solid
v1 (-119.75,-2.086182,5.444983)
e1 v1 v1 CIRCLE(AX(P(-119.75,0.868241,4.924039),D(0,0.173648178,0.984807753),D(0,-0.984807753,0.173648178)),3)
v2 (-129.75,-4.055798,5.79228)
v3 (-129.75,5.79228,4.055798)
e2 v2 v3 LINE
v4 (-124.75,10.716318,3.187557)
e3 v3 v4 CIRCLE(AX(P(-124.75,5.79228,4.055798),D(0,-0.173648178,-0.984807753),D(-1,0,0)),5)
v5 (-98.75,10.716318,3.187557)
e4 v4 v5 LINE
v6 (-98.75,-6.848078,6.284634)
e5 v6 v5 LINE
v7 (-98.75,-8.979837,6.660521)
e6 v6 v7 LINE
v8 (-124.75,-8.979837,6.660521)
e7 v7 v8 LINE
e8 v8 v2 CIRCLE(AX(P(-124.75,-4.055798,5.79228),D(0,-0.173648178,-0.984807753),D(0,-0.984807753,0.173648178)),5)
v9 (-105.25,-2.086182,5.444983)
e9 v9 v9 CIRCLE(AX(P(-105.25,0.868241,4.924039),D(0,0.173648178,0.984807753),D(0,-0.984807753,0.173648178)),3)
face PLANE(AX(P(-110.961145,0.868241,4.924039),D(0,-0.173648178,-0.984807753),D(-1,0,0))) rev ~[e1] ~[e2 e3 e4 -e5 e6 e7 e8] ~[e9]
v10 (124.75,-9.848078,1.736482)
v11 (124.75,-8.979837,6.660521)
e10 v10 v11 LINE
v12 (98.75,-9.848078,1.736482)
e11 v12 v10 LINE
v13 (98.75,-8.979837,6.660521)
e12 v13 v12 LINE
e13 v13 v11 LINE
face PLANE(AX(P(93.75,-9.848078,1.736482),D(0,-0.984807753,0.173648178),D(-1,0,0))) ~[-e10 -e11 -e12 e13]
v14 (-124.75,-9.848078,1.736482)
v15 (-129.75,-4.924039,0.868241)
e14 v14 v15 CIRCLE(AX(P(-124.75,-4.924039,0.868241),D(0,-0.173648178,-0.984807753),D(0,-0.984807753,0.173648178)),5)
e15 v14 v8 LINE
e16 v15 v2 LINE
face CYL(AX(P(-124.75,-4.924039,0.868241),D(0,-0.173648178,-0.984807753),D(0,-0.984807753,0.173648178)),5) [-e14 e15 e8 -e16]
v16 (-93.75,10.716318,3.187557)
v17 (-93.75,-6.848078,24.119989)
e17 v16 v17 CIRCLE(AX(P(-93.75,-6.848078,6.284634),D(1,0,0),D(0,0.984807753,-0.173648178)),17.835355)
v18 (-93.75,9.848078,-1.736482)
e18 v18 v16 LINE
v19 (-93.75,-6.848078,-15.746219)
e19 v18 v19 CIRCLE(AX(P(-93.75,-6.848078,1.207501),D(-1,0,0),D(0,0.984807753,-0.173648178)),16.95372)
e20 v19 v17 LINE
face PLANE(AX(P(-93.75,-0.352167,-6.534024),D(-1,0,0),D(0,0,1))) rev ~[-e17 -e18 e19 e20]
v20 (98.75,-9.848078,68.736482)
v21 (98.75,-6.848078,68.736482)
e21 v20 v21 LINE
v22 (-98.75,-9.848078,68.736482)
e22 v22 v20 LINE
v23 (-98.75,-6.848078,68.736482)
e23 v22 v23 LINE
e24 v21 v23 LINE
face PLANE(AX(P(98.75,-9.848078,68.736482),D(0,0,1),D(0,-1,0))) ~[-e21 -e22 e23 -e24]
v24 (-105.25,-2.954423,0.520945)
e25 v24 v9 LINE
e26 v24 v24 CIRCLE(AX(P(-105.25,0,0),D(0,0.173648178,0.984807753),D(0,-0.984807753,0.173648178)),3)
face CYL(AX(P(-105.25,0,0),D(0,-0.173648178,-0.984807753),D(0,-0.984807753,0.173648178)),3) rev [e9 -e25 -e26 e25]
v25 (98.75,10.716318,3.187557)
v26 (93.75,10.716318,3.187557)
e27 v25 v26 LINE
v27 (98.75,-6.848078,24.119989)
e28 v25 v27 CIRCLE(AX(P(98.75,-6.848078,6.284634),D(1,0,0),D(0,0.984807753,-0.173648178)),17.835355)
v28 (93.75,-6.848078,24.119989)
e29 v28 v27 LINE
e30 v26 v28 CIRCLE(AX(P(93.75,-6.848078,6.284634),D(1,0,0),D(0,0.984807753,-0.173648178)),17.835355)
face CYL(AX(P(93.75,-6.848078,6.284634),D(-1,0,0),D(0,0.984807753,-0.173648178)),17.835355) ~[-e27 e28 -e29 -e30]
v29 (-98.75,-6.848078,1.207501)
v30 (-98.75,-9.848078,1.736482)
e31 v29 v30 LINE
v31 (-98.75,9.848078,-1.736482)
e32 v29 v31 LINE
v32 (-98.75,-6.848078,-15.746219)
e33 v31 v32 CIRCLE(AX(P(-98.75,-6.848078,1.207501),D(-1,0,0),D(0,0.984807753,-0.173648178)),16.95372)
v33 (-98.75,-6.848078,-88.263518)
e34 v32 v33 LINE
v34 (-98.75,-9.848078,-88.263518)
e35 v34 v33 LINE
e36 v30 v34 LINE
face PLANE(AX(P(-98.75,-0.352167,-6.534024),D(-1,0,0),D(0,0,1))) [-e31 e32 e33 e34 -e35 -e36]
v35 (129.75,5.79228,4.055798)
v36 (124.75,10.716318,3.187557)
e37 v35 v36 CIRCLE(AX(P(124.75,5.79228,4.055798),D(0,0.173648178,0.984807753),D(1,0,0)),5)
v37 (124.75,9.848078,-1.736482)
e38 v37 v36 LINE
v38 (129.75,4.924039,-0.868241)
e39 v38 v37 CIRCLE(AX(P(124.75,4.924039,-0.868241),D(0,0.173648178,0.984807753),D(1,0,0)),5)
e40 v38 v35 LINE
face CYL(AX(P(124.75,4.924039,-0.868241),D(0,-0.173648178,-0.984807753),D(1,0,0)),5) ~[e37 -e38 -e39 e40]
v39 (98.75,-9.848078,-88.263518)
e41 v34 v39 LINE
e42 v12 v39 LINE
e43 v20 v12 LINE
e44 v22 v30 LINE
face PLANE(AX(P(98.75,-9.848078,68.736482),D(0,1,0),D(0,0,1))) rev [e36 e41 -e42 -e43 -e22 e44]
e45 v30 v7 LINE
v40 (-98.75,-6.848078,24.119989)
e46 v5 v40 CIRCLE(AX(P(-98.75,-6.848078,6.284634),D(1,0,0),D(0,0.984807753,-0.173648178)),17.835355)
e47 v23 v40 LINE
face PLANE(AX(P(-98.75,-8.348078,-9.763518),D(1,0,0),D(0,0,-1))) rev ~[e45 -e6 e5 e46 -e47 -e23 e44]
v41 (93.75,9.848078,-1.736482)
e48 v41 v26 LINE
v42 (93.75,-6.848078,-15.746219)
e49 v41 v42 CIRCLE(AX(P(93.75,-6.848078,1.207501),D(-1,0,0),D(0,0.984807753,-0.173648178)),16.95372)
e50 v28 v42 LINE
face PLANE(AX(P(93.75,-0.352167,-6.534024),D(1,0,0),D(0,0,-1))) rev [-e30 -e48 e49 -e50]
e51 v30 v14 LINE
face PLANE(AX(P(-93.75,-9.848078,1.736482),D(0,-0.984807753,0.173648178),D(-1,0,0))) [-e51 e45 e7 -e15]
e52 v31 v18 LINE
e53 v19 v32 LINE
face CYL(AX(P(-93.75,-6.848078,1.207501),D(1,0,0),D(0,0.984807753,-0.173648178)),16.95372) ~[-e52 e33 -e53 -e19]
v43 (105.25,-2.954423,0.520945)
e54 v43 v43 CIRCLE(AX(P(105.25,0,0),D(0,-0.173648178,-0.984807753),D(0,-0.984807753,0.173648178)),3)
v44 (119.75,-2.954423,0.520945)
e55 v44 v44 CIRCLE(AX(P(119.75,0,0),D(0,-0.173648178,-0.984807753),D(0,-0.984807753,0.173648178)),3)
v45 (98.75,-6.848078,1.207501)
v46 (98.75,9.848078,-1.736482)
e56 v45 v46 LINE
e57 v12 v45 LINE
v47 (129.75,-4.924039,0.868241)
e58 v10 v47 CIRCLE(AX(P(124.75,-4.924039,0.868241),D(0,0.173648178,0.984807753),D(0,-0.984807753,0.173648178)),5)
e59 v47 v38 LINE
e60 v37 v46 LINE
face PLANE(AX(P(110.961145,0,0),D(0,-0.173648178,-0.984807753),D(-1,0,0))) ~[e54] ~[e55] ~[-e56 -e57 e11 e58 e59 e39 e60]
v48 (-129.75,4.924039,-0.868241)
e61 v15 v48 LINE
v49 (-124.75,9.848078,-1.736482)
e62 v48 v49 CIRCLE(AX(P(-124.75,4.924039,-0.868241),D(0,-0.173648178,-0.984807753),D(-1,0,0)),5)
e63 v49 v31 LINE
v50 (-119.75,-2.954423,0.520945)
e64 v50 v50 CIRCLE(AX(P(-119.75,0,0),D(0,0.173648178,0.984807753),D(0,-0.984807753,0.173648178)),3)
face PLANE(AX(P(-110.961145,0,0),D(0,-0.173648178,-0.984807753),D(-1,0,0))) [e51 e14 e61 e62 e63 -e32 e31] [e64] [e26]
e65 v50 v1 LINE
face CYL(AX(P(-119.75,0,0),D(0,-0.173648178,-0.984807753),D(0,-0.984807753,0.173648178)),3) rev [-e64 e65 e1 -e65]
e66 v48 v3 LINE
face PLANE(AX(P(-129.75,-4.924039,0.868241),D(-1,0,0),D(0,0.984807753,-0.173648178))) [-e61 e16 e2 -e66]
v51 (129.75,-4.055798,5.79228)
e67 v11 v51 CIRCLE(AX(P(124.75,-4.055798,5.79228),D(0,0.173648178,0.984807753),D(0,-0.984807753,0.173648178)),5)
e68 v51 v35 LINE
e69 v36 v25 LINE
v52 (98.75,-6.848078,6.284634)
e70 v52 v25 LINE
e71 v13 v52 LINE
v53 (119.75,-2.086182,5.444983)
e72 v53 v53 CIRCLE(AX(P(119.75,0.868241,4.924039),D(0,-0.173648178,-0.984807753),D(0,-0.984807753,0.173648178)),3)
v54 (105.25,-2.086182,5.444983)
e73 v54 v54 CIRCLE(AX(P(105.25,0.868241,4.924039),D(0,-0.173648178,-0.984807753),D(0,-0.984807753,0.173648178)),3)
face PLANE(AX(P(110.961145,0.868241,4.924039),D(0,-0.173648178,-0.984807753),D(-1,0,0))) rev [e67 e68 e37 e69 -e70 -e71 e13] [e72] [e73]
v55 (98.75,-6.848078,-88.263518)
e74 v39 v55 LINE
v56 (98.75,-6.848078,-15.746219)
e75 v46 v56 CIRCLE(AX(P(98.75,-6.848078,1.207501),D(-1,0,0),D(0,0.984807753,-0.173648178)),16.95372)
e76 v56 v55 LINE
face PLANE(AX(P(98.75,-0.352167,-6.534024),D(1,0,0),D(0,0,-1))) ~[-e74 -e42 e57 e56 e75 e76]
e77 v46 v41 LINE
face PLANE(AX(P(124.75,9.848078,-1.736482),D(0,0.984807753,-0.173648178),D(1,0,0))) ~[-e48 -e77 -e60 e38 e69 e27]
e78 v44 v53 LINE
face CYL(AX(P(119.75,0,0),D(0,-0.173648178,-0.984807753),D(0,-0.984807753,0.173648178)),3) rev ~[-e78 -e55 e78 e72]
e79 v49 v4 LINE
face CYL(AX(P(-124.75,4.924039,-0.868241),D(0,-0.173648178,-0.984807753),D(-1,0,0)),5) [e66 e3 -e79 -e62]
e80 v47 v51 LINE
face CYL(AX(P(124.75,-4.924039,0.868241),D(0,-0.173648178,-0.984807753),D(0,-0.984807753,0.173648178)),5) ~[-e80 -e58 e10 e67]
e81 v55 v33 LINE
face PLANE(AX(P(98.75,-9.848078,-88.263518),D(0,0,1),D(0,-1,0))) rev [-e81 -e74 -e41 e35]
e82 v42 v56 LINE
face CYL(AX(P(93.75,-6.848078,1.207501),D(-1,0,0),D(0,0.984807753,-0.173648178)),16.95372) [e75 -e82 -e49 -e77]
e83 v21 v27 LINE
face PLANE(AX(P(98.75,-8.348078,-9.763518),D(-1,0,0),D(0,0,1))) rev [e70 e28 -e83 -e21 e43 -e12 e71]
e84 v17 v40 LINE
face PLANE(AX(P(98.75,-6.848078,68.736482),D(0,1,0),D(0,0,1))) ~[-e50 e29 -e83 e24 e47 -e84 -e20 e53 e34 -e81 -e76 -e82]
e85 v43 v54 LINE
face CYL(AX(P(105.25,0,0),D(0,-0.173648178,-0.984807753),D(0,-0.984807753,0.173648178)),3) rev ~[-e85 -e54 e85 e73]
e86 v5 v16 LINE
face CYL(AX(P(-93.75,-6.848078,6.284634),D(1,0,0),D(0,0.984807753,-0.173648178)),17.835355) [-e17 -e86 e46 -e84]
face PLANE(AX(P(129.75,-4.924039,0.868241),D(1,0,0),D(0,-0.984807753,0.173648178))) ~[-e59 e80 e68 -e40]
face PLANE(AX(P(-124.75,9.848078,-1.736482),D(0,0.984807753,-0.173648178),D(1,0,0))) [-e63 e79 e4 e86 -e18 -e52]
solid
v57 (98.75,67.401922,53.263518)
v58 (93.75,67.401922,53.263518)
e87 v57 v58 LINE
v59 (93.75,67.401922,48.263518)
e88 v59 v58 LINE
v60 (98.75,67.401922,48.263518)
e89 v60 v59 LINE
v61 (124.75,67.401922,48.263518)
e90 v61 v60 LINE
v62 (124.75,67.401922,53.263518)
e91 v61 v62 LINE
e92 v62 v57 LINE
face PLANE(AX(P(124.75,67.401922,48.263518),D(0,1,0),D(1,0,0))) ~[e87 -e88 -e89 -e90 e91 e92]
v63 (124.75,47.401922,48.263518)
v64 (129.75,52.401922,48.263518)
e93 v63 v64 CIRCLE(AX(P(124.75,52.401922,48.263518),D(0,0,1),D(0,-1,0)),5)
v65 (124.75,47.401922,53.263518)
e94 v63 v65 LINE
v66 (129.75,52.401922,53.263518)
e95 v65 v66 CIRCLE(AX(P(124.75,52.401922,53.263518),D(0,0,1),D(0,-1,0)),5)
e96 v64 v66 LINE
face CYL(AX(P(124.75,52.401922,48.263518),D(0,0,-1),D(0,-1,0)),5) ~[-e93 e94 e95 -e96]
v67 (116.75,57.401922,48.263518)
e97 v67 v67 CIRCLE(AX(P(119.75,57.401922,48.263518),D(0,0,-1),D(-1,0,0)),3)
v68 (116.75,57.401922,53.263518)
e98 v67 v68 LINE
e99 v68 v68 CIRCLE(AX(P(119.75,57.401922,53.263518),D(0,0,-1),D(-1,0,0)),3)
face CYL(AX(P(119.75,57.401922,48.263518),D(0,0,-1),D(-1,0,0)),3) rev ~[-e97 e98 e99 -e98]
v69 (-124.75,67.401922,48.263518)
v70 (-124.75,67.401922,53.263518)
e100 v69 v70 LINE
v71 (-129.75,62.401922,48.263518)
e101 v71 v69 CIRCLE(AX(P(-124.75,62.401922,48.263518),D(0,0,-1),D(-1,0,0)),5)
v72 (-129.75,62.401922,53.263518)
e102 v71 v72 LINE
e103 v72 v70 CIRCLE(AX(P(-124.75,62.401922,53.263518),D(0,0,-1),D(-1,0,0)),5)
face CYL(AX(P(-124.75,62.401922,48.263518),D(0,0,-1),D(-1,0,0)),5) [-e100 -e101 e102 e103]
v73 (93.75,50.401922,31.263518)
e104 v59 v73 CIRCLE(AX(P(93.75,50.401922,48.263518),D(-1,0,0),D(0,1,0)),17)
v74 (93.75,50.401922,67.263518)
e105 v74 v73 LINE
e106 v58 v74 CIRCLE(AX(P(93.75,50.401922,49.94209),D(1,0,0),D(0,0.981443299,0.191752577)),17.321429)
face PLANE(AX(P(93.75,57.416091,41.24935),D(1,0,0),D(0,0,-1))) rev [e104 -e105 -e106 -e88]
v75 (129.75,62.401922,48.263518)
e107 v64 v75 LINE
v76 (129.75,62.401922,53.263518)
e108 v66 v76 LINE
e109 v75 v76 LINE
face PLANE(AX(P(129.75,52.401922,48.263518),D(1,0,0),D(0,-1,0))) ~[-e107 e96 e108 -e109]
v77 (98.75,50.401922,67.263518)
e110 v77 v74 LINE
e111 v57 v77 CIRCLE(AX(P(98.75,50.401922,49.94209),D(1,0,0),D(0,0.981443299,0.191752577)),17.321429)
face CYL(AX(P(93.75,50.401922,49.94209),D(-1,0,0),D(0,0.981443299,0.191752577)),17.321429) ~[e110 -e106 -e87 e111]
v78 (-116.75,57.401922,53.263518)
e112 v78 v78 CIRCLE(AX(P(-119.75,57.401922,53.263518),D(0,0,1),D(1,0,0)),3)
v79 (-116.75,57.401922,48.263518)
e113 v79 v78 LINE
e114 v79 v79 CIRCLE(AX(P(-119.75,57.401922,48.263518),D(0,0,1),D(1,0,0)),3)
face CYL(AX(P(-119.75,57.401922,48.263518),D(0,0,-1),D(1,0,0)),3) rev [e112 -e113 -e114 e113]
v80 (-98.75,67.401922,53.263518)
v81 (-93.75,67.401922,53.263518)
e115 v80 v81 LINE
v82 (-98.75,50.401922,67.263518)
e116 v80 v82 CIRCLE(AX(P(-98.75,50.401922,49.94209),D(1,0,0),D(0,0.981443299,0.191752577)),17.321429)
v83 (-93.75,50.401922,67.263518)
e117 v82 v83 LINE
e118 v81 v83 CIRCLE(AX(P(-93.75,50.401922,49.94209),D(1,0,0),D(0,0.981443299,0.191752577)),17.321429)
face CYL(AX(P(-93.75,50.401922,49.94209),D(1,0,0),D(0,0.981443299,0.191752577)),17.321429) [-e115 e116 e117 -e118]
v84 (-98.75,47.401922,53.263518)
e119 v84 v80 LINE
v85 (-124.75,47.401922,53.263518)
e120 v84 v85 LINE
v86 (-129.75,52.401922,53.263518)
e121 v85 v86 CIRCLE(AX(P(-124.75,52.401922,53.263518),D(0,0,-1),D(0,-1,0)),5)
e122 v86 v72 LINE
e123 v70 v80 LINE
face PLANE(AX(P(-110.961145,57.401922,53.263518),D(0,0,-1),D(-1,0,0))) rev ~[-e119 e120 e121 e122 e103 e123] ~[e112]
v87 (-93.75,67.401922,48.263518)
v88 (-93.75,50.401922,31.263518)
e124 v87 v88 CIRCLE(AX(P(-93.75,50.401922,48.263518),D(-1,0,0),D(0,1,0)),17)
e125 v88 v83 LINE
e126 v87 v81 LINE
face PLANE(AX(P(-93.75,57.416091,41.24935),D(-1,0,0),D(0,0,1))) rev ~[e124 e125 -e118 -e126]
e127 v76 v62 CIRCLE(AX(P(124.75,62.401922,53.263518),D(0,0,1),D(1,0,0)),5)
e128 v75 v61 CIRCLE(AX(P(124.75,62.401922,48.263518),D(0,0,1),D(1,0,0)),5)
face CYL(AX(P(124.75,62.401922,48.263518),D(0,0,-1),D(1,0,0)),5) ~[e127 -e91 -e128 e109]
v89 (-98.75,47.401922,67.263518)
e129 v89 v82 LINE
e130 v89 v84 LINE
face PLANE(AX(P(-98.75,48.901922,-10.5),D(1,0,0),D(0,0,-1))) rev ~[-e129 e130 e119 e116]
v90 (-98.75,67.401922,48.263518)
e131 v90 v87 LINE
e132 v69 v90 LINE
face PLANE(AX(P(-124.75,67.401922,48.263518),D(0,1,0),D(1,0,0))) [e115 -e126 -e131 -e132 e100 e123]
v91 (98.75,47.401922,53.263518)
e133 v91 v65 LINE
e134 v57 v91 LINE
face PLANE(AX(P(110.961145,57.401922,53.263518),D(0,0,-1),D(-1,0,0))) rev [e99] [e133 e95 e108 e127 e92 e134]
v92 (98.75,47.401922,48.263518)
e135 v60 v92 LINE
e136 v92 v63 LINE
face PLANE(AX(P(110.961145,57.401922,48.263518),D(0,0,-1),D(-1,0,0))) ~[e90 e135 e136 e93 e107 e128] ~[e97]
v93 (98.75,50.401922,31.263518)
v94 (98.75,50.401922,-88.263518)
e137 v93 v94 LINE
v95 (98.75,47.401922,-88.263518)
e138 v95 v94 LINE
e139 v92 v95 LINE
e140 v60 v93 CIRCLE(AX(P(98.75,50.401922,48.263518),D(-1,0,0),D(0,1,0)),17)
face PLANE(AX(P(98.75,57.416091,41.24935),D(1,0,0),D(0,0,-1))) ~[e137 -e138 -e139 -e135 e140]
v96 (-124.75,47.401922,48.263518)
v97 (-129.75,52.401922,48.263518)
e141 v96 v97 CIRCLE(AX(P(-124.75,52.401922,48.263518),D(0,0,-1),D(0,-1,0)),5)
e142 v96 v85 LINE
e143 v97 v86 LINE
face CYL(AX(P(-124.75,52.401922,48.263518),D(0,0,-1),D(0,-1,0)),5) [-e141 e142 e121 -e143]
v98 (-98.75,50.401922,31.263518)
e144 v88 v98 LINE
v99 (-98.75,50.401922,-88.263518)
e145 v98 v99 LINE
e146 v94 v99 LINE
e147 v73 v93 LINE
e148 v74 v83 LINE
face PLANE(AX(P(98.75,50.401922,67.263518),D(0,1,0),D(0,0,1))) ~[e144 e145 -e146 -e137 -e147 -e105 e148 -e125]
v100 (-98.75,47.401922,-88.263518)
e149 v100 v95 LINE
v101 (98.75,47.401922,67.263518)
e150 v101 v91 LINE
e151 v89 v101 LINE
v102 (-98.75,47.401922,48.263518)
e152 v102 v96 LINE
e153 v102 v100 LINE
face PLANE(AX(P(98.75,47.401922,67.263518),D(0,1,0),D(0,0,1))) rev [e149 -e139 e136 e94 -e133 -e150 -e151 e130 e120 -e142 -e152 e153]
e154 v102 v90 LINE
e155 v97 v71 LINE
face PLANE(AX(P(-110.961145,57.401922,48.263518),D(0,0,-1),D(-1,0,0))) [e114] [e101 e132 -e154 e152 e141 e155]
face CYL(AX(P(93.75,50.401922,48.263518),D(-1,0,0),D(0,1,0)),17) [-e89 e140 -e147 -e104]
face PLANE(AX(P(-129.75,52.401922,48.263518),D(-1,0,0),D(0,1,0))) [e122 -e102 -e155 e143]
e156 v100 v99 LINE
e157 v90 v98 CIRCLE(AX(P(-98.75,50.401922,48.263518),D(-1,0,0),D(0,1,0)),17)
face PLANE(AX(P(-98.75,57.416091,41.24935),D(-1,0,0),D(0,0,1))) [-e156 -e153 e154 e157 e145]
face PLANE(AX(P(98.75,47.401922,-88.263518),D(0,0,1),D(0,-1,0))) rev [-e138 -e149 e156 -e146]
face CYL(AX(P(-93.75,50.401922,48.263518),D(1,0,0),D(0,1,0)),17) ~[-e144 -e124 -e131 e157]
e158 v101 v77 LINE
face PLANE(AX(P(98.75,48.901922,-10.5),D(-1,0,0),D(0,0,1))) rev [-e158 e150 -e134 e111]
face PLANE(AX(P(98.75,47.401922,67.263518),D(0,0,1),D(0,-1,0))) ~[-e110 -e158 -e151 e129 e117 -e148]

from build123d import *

# Parameters (mm, degrees)
SKETCH1_R                        = 3
LOWER_LEFT_TAB_DEPTH             = 5
BOTTOM_START                     = -5
SKETCH2_W                        = 157
SKETCH2_H                        = 3
BOTTOM_PLATE_EXTRUDE_DEPTH       = 98.75
BOTTOM_TAB_SUPPORT_EXTRUDE_DEPTH = 5
SKETCH5_R                        = 3
TOP_TAB_EXTRUDE_DEPTH            = 5
TOP_START                        = -5
SKETCH6_W                        = 155.527036446
SKETCH6_H                        = 3
TOP_PLATE_EXTRUDE_DEPTH          = 98.75
TOP_TAB_SUPPORT_EXTRUDE_DEPTH    = 5


with BuildPart() as part:
    # Sketch1 → Lower left tab (new body)
    with BuildSketch(Plane(origin=(0, 0, 0), x_dir=(1, 0, 0), z_dir=(0, 0.17364817766693072, 0.984807753012208))):
        with BuildLine():
            Line((-124.75, 10), (-93.75, 10))
            Line((-93.75, 10), (-93.75, -10))
            Line((-93.75, -10), (-124.75, -10))
            ThreePointArc((-124.75, -10), (-128.285533906, -8.535533906), (-129.75, -5))
            Line((-129.75, -5), (-129.75, 5))
            ThreePointArc((-129.75, 5), (-128.285533906, 8.535533906), (-124.75, 10))
        make_face()
        with Locations(Location((-119.75, 0, 0), (0, 0, 270))):
            Circle(SKETCH1_R, mode=Mode.SUBTRACT)
        with Locations(Location((-105.25, 0, 0), (0, 0, 270))):
            Circle(SKETCH1_R, mode=Mode.SUBTRACT)
    lower_left_tab = extrude(amount=LOWER_LEFT_TAB_DEPTH)

    # Sketch2 → Bottom plate extrude (add)
    with BuildSketch(Plane(origin=(-93.75, 0, 0), x_dir=(0, 0, -1), z_dir=(1, 0, 0)).offset(BOTTOM_START)):
        with Locations((9.763518223, -8.34807753)):
            Rectangle(SKETCH2_W, SKETCH2_H)
    bottom_plate_extrude = extrude(amount=BOTTOM_PLATE_EXTRUDE_DEPTH)

    # Sketch4 → Bottom tab support extrude (add)
    with BuildSketch(Plane(origin=(-93.75, 0, 0), x_dir=(0, 0, -1), z_dir=(1, 0, 0))):
        with BuildLine():
            Line((15.74621933, -6.84807753), (-1.207500835, -6.84807753))
            Line((-1.207500835, -6.84807753), (1.736481777, 9.84807753))
            ThreePointArc((1.736481777, 9.84807753), (11.779802288, 4.04956373), (15.74621933, -6.84807753))
        make_face()
        with BuildLine():
            Line((-6.284633894, -6.84807753), (-3.187556988, 10.716318418))
            ThreePointArc((-3.187556988, 10.716318418), (-17.748979146, 6.814597111), (-24.119988962, -6.84807753))
            Line((-24.119988962, -6.84807753), (-6.284633894, -6.84807753))
        make_face()
    bottom_tab_support_extrude = extrude(amount=-BOTTOM_TAB_SUPPORT_EXTRUDE_DEPTH)


with BuildPart() as body_2:
    # Sketch5 → Top tab extrude (new body)
    with BuildSketch(Plane.XY.offset(48.263518223)):
        with BuildLine():
            Line((-124.75, 67.40192247), (-93.75, 67.40192247))
            Line((-93.75, 67.40192247), (-93.75, 47.40192247))
            Line((-93.75, 47.40192247), (-124.75, 47.40192247))
            ThreePointArc((-124.75, 47.40192247), (-128.285533906, 48.866388564), (-129.75, 52.40192247))
            Line((-129.75, 52.40192247), (-129.75, 62.40192247))
            ThreePointArc((-129.75, 62.40192247), (-128.285533906, 65.937456376), (-124.75, 67.40192247))
        make_face()
        with Locations((-119.75, 57.40192247)):
            Circle(SKETCH5_R, mode=Mode.SUBTRACT)
    top_tab_extrude = extrude(amount=TOP_TAB_EXTRUDE_DEPTH)

    # Sketch6 → Top plate extrude (add)
    with BuildSketch(Plane(origin=(-93.75, 0, 0), x_dir=(0, 0, -1), z_dir=(1, 0, 0)).offset(TOP_START)):
        with Locations((10.5, 48.90192247)):
            Rectangle(SKETCH6_W, SKETCH6_H)
    top_plate_extrude = extrude(amount=TOP_PLATE_EXTRUDE_DEPTH)

    # Sketch7 → Top tab support extrude (add)
    with BuildSketch(Plane(origin=(-93.75, 0, 0), x_dir=(0, 0, -1), z_dir=(1, 0, 0))):
        with BuildLine():
            Line((-48.263518223, 50.40192247), (-48.263518223, 67.40192247))
            ThreePointArc((-48.263518223, 67.40192247), (-36.242702943, 62.42273775), (-31.263518223, 50.40192247))
            Line((-31.263518223, 50.40192247), (-48.263518223, 50.40192247))
        make_face()
        with BuildLine():
            Line((-53.263518223, 50.40192247), (-53.263518223, 67.40192247))
            ThreePointArc((-53.263518223, 67.40192247), (-63.31302409, 61.413280243), (-67.263518223, 50.40192247))
            Line((-67.263518223, 50.40192247), (-53.263518223, 50.40192247))
        make_face()
    top_tab_support_extrude = extrude(amount=-TOP_TAB_SUPPORT_EXTRUDE_DEPTH)


with BuildPart() as part_1:
    add(part.part)

    add(body_2.part)  # Mirror 2 merges body 2
    # Mirror 2: Lower left tab, Bottom plate extrude, Bottom tab support extrude, Top tab extrude, Top plate extrude, Top tab support extrude across plane
    add(lower_left_tab.mirror(Plane(origin=(0, 0, 0), x_dir=(0, 0, 1), z_dir=(1, 0, 0))))
    add(bottom_plate_extrude.mirror(Plane(origin=(0, 0, 0), x_dir=(0, 0, 1), z_dir=(1, 0, 0))))
    add(bottom_tab_support_extrude.mirror(Plane(origin=(0, 0, 0), x_dir=(0, 0, 1), z_dir=(1, 0, 0))))
    add(top_tab_extrude.mirror(Plane(origin=(0, 0, 0), x_dir=(0, 0, 1), z_dir=(1, 0, 0))))
    add(top_plate_extrude.mirror(Plane(origin=(0, 0, 0), x_dir=(0, 0, 1), z_dir=(1, 0, 0))))
    add(top_tab_support_extrude.mirror(Plane(origin=(0, 0, 0), x_dir=(0, 0, 1), z_dir=(1, 0, 0))))


solid = part_1.part
